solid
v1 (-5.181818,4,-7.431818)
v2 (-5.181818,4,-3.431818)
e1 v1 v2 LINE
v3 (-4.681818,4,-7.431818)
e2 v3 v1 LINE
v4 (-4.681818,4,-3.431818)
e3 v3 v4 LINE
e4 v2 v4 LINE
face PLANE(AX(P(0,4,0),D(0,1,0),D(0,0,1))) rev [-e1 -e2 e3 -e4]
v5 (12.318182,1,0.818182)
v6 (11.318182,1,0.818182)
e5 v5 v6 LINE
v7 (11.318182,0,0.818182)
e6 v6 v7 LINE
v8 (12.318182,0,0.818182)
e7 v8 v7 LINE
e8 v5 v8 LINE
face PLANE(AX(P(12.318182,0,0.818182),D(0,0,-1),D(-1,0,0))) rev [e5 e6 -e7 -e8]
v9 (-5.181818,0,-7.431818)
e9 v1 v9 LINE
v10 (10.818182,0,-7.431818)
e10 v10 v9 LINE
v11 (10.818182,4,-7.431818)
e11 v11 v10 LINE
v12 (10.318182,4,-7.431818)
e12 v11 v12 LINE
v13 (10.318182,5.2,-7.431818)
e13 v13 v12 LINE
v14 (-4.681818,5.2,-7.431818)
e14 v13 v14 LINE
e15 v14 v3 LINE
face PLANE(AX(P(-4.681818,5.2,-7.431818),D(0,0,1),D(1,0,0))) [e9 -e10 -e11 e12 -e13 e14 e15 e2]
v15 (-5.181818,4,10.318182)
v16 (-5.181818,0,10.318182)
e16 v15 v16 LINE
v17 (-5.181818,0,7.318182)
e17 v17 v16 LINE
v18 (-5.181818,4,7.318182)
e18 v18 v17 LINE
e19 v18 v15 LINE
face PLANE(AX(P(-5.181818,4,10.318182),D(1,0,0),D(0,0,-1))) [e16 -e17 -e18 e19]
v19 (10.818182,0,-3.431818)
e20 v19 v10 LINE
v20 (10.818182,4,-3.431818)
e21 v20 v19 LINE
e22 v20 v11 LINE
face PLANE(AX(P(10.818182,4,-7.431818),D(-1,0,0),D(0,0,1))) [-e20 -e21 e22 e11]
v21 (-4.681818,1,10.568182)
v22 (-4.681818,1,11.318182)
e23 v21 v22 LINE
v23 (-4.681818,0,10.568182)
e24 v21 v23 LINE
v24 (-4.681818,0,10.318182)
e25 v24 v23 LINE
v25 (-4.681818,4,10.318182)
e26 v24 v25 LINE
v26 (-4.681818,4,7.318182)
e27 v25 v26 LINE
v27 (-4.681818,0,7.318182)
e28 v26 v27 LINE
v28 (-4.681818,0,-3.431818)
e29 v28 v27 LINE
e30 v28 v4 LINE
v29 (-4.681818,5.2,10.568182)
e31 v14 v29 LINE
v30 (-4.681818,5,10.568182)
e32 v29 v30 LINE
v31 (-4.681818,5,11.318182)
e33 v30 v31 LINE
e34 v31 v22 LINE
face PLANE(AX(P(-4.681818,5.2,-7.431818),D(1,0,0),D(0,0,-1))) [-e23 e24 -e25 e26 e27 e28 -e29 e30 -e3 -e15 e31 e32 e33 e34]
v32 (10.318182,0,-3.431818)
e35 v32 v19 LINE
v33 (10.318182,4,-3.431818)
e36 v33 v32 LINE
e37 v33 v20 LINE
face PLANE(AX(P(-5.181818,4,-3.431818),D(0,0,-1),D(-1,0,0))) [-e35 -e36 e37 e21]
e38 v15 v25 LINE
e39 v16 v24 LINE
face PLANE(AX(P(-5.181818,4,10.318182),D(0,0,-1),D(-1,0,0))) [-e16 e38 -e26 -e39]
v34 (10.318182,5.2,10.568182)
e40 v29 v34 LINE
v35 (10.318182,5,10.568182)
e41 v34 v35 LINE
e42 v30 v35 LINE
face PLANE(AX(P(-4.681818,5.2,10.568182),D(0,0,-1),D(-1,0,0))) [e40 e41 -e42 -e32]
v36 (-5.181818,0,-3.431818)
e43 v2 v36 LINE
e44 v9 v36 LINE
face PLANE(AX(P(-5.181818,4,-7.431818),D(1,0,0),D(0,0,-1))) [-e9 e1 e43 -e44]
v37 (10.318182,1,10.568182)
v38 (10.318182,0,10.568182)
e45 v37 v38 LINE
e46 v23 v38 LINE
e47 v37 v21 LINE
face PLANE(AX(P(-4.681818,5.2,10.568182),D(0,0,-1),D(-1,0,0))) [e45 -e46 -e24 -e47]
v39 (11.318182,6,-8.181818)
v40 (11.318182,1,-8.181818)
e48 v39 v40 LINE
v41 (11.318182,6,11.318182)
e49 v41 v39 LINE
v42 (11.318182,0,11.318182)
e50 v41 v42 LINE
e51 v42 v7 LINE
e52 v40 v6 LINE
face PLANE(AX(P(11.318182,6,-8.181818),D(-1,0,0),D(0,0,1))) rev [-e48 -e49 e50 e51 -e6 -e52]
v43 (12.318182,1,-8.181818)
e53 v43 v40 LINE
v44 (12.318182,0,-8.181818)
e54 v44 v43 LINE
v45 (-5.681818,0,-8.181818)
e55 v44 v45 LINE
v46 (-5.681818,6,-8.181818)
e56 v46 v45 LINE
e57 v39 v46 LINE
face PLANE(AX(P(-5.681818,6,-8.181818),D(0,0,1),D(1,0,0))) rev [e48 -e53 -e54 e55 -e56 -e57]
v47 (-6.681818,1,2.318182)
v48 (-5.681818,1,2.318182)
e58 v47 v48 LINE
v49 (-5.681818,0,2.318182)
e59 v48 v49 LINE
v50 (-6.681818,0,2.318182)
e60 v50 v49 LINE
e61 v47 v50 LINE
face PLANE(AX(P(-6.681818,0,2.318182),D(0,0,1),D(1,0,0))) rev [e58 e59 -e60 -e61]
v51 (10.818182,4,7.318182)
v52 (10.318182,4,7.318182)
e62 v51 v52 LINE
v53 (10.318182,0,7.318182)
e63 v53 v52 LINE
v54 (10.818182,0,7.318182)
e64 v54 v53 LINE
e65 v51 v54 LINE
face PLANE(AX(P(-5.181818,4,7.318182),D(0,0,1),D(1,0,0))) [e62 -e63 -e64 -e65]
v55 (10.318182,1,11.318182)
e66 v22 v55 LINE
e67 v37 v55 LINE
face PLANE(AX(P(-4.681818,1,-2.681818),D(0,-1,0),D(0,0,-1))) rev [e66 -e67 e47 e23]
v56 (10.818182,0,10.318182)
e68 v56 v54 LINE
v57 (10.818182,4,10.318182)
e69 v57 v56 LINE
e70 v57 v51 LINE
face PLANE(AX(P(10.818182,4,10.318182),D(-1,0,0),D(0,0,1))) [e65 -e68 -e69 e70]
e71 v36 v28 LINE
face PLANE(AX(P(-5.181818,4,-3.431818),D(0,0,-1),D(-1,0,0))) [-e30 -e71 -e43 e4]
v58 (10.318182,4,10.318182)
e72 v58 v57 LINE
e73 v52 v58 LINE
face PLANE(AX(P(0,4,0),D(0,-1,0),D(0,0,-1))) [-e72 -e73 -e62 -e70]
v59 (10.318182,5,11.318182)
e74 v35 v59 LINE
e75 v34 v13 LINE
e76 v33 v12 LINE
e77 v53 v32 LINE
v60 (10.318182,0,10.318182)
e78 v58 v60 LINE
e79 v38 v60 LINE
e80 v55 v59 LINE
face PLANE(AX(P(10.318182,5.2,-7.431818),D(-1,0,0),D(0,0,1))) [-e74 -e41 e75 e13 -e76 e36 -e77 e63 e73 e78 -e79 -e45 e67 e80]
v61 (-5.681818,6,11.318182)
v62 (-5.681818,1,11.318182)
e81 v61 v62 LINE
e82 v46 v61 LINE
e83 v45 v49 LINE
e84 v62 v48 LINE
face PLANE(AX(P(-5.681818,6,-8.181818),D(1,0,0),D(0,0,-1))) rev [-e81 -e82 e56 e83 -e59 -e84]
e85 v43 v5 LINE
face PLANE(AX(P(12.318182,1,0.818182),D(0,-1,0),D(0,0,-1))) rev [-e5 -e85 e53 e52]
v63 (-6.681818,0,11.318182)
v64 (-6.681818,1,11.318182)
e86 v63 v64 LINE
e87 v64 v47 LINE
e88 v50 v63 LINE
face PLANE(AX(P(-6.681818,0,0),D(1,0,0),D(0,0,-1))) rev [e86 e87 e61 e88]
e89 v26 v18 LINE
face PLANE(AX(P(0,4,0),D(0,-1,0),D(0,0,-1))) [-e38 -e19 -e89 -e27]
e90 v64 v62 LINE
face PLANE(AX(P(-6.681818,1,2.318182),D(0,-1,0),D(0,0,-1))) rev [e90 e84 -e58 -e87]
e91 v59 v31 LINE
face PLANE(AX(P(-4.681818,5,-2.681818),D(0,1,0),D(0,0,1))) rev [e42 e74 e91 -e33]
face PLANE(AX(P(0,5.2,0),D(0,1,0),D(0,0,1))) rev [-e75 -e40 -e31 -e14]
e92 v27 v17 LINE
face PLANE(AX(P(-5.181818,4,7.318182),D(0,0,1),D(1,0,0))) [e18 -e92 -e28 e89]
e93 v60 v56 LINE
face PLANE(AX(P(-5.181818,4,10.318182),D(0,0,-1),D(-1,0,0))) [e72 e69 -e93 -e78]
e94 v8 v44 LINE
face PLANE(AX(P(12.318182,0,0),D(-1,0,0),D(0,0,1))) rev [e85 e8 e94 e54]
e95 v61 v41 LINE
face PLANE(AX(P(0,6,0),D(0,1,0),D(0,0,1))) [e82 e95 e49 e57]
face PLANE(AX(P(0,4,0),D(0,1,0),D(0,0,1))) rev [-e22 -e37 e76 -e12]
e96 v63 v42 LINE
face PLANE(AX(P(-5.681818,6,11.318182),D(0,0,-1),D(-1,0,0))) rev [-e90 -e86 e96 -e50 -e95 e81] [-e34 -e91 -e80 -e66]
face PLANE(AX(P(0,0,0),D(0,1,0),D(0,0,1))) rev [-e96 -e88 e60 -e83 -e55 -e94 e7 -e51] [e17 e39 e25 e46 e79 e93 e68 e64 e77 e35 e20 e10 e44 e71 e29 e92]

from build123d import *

# Parameters (mm, degrees)
SKETCH1_W           = 17
SKETCH1_H           = 19.5
BOSS_EXTRUDE1_DEPTH = 6
SKETCH2_W           = 15
SKETCH2_H           = 18
CUT_EXTRUDE1_DEPTH  = 5.2
SKETCH4_W           = 9
SKETCH4_H           = 1
BOSS_EXTRUDE2_DEPTH = 1
SKETCH3_W           = 9
SKETCH3_H           = 1
BOSS_EXTRUDE3_DEPTH = 1
SKETCH5_W           = 15
SKETCH5_H           = 4
CUT_EXTRUDE2_DEPTH  = 14
SKETCH6_W           = 16
SKETCH6_H           = 4
SKETCH6_H_2         = 3
CUT_EXTRUDE3_DEPTH  = 4


with BuildPart() as part:
    # Sketch1 → Boss-Extrude1 (new body)
    with BuildSketch(Plane(origin=(0, 0, 0), x_dir=(1, 0, 0), z_dir=(0, 1, 0))):
        with Locations((2.818181818, -1.568181818)):
            Rectangle(SKETCH1_W, SKETCH1_H)
    extrude(amount=BOSS_EXTRUDE1_DEPTH)

    # Sketch2 → Cut-Extrude1 (cut)
    with BuildSketch(Plane(origin=(0, 0, 0), x_dir=(1, 0, 0), z_dir=(0, 1, 0))):
        with Locations((2.818181818, -1.568181818)):
            Rectangle(SKETCH2_W, SKETCH2_H)
    extrude(amount=CUT_EXTRUDE1_DEPTH, mode=Mode.SUBTRACT)

    # Sketch4 → Boss-Extrude2 (add)
    with BuildSketch(Plane(origin=(11.318181818, 0, 0), x_dir=(0, 0, -1), z_dir=(1, 0, 0))):
        with Locations((3.681818182, 0.5)):
            Rectangle(SKETCH4_W, SKETCH4_H)
    extrude(amount=BOSS_EXTRUDE2_DEPTH)

    # Sketch3 → Boss-Extrude3 (add)
    with BuildSketch(Plane.ZY.offset(5.681818182)):
        with Locations((6.818181818, 0.5)):
            Rectangle(SKETCH3_W, SKETCH3_H)
    extrude(amount=BOSS_EXTRUDE3_DEPTH)

    # Sketch5 → Cut-Extrude2 (cut)
    with BuildSketch(Plane.XY.offset(11.318181818)):
        with Locations((2.818181818, 3)):
            Rectangle(SKETCH5_W, SKETCH5_H)
    extrude(amount=-CUT_EXTRUDE2_DEPTH, mode=Mode.SUBTRACT)

    # Sketch6 → Cut-Extrude3 (cut)
    with BuildSketch(Plane(origin=(0, 0, 0), x_dir=(1, 0, 0), z_dir=(0, 1, 0))):
        with Locations((2.818181818, 5.431818182)):
            Rectangle(SKETCH6_W, SKETCH6_H)
        with Locations((2.818181818, -8.818181818)):
            Rectangle(SKETCH6_W, SKETCH6_H_2)
    extrude(amount=CUT_EXTRUDE3_DEPTH, mode=Mode.SUBTRACT)


solid = part.part
